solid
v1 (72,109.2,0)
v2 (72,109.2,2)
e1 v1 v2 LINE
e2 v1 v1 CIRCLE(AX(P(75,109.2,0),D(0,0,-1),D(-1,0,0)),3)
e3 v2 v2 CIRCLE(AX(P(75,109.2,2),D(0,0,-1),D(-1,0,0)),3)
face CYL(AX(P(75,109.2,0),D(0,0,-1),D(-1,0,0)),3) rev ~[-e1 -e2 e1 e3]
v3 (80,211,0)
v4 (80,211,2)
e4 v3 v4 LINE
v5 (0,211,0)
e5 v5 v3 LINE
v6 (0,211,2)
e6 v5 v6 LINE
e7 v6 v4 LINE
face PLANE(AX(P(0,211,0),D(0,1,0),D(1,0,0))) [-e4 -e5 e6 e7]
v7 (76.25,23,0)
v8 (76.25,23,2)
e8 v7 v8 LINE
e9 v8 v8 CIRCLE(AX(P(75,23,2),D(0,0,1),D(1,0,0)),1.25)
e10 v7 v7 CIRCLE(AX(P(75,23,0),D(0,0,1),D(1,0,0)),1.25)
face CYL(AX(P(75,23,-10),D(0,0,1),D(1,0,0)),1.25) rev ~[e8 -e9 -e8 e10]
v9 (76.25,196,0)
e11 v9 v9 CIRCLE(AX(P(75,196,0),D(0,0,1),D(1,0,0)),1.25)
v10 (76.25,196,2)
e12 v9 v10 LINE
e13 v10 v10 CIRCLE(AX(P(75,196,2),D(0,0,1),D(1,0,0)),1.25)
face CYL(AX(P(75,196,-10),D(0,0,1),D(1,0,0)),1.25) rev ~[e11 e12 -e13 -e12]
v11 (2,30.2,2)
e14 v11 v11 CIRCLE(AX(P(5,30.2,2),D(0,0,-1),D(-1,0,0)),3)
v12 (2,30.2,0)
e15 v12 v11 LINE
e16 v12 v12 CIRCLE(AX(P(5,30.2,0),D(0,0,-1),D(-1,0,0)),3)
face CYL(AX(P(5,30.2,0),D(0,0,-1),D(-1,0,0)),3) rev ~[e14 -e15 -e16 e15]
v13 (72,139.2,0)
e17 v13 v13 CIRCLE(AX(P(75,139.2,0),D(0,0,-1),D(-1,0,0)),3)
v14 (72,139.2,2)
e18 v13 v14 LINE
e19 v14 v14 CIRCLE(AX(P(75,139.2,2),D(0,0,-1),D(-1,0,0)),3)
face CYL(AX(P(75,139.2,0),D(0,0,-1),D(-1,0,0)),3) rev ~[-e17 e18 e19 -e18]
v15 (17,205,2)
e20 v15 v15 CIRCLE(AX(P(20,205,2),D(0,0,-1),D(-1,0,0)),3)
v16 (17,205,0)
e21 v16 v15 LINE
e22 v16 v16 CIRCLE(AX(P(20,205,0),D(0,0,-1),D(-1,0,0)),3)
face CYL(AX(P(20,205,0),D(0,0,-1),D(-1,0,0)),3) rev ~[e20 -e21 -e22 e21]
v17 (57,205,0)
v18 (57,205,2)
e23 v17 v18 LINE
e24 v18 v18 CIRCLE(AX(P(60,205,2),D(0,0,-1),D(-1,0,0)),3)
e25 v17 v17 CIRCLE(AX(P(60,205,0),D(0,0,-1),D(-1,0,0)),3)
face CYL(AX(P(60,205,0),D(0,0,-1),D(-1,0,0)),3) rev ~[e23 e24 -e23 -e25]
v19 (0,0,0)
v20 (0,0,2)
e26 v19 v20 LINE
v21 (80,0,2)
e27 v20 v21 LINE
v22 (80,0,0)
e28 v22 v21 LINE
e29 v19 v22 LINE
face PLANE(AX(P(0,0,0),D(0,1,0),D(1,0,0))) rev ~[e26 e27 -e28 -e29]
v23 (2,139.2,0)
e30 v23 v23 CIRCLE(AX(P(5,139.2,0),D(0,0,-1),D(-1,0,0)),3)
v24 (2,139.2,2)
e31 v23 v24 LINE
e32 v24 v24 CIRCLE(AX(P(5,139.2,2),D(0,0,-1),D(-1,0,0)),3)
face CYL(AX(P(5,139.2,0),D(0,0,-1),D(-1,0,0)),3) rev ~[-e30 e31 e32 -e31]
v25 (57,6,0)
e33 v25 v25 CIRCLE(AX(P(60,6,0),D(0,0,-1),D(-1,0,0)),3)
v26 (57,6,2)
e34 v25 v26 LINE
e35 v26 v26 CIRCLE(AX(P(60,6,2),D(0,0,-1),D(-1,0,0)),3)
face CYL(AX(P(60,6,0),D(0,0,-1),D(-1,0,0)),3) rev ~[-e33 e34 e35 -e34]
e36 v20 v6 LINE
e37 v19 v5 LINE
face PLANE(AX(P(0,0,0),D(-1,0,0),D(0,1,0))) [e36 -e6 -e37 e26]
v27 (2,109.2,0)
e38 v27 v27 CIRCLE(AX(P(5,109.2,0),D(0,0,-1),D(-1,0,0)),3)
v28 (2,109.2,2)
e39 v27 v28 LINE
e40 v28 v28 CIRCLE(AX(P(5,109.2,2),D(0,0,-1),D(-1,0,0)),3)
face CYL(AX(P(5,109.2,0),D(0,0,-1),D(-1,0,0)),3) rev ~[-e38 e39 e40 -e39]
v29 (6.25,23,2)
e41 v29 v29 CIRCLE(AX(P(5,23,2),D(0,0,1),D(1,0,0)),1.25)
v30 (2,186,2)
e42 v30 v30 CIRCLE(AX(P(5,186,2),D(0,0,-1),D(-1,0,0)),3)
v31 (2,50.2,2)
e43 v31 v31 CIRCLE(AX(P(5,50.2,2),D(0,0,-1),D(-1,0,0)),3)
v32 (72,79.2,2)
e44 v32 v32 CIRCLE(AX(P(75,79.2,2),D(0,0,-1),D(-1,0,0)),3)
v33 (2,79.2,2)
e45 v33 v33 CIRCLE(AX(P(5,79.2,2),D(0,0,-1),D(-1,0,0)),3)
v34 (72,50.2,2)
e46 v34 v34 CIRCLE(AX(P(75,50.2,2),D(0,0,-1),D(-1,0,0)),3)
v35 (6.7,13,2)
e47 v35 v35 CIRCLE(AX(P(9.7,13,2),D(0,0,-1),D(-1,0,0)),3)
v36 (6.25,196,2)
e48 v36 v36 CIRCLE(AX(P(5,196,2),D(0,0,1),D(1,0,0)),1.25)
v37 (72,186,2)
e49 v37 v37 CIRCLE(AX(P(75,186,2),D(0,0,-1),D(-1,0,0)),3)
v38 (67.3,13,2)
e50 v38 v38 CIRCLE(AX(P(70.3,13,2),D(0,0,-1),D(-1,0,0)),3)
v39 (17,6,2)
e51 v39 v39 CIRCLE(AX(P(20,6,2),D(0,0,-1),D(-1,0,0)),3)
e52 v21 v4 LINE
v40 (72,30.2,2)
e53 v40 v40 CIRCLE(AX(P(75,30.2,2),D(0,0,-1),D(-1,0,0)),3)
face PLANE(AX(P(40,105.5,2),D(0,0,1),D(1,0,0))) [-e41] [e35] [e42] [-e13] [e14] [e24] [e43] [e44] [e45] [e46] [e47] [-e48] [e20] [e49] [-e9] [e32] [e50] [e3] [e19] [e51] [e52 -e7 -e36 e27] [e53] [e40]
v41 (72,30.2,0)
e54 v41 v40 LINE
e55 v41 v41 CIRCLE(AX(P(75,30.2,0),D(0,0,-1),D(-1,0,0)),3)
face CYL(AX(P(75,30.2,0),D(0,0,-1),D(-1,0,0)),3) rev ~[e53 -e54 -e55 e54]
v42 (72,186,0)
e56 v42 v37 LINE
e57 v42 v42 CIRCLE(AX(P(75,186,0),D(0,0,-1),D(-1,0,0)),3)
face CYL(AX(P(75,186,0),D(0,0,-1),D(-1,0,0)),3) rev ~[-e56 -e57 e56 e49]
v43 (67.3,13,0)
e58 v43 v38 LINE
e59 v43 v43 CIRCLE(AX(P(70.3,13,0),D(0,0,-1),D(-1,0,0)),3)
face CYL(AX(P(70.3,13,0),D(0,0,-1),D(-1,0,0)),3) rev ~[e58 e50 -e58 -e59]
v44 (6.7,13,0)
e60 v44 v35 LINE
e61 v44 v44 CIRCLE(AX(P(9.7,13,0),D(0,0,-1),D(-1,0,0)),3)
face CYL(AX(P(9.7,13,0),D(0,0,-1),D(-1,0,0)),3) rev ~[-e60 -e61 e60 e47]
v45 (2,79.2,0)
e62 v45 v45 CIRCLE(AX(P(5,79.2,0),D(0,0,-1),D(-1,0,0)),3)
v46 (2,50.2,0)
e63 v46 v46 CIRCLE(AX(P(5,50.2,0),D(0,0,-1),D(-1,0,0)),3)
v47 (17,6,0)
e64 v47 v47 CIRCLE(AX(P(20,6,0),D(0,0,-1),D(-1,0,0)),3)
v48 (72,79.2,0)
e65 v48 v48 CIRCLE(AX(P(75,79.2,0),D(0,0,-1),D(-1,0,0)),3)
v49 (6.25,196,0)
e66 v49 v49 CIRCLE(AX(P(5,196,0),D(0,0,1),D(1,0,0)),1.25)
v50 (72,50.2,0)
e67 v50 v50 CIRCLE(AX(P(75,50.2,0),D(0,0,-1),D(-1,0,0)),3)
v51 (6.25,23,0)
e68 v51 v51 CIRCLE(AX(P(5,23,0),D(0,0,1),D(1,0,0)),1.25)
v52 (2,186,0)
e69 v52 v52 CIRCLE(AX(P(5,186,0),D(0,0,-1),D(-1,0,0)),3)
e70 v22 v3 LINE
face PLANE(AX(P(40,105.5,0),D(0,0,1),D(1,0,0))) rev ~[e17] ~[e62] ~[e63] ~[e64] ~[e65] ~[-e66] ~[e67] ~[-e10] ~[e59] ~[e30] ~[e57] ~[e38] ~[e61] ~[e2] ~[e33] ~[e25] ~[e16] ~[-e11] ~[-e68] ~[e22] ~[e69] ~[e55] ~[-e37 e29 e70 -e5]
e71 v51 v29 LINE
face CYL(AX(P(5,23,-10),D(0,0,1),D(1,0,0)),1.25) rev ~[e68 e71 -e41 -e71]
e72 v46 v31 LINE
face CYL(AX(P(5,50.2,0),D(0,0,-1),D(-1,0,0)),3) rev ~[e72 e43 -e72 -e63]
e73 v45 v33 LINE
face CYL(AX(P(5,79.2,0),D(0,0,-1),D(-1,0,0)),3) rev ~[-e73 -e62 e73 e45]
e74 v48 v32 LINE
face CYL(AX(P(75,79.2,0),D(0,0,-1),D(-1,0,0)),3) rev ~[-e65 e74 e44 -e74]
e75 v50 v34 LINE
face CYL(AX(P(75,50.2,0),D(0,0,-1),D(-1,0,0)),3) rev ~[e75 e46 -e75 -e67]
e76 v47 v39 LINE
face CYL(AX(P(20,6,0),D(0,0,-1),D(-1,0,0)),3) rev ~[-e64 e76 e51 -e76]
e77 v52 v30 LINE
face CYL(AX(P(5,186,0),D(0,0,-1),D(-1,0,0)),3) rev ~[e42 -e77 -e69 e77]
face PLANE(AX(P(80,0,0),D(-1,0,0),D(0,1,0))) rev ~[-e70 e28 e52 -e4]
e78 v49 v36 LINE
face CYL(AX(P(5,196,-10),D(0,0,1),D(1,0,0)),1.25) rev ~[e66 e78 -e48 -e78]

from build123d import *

# Parameters (mm, degrees)
SKETCH2_W                 = 80
SKETCH2_H                 = 211
BOSS_EXTRUDE1_DEPTH       = 2
M3X0_5_TAPPED_HOLE1_D     = 2.5
M3X0_5_TAPPED_HOLE1_DEPTH = 10
M3X0_5_TAPPED_HOLE1_TIP   = 0.751075774
SKETCH7_R                 = 3
CUT_EXTRUDE1_DEPTH        = 2


with BuildPart() as part:
    # Sketch2 → Boss-Extrude1 (new body)
    with BuildSketch(Plane.XY):
        with Locations((40, 105.5)):
            Rectangle(SKETCH2_W, SKETCH2_H)
    extrude(amount=BOSS_EXTRUDE1_DEPTH)

    # M3x0.5 Tapped Hole1
    with Locations(Plane(origin=(0, 0, 0), x_dir=(-1, 0, 0), z_dir=(0, 0, -1))):
        with Locations((-75, 196), (-5, 196), (-75, 23), (-5, 23)):
            Hole(M3X0_5_TAPPED_HOLE1_D / 2, depth=M3X0_5_TAPPED_HOLE1_DEPTH)
            with Locations((0, 0, -(M3X0_5_TAPPED_HOLE1_DEPTH + M3X0_5_TAPPED_HOLE1_TIP / 2))):  # 118° drill point
                Cone(0, M3X0_5_TAPPED_HOLE1_D / 2, M3X0_5_TAPPED_HOLE1_TIP, mode=Mode.SUBTRACT)

    # Sketch7 → Cut-Extrude1 (cut)
    with BuildSketch(Plane(origin=(0, 0, 0), x_dir=(-1, 0, 0), z_dir=(0, 0, -1))):
        with Locations((-75, 186)):
            Circle(SKETCH7_R)
        with Locations((-75, 139.2)):
            Circle(SKETCH7_R)
        with Locations((-75, 109.2)):
            Circle(SKETCH7_R)
        with Locations((-75, 79.2)):
            Circle(SKETCH7_R)
        with Locations((-75, 50.2)):
            Circle(SKETCH7_R)
        with Locations((-75, 30.2)):
            Circle(SKETCH7_R)
        with Locations((-5, 186)):
            Circle(SKETCH7_R)
        with Locations((-5, 139.2)):
            Circle(SKETCH7_R)
        with Locations((-5, 109.2)):
            Circle(SKETCH7_R)
        with Locations((-5, 79.2)):
            Circle(SKETCH7_R)
        with Locations((-5, 50.2)):
            Circle(SKETCH7_R)
        with Locations((-5, 30.2)):
            Circle(SKETCH7_R)
        with Locations((-70.3, 13)):
            Circle(SKETCH7_R)
        with Locations((-60, 205)):
            Circle(SKETCH7_R)
        with Locations((-20, 205)):
            Circle(SKETCH7_R)
        with Locations((-60, 6)):
            Circle(SKETCH7_R)
        with Locations((-20, 6)):
            Circle(SKETCH7_R)
        with Locations((-9.7, 13)):
            Circle(SKETCH7_R)
    extrude(amount=-CUT_EXTRUDE1_DEPTH, mode=Mode.SUBTRACT)


solid = part.part
